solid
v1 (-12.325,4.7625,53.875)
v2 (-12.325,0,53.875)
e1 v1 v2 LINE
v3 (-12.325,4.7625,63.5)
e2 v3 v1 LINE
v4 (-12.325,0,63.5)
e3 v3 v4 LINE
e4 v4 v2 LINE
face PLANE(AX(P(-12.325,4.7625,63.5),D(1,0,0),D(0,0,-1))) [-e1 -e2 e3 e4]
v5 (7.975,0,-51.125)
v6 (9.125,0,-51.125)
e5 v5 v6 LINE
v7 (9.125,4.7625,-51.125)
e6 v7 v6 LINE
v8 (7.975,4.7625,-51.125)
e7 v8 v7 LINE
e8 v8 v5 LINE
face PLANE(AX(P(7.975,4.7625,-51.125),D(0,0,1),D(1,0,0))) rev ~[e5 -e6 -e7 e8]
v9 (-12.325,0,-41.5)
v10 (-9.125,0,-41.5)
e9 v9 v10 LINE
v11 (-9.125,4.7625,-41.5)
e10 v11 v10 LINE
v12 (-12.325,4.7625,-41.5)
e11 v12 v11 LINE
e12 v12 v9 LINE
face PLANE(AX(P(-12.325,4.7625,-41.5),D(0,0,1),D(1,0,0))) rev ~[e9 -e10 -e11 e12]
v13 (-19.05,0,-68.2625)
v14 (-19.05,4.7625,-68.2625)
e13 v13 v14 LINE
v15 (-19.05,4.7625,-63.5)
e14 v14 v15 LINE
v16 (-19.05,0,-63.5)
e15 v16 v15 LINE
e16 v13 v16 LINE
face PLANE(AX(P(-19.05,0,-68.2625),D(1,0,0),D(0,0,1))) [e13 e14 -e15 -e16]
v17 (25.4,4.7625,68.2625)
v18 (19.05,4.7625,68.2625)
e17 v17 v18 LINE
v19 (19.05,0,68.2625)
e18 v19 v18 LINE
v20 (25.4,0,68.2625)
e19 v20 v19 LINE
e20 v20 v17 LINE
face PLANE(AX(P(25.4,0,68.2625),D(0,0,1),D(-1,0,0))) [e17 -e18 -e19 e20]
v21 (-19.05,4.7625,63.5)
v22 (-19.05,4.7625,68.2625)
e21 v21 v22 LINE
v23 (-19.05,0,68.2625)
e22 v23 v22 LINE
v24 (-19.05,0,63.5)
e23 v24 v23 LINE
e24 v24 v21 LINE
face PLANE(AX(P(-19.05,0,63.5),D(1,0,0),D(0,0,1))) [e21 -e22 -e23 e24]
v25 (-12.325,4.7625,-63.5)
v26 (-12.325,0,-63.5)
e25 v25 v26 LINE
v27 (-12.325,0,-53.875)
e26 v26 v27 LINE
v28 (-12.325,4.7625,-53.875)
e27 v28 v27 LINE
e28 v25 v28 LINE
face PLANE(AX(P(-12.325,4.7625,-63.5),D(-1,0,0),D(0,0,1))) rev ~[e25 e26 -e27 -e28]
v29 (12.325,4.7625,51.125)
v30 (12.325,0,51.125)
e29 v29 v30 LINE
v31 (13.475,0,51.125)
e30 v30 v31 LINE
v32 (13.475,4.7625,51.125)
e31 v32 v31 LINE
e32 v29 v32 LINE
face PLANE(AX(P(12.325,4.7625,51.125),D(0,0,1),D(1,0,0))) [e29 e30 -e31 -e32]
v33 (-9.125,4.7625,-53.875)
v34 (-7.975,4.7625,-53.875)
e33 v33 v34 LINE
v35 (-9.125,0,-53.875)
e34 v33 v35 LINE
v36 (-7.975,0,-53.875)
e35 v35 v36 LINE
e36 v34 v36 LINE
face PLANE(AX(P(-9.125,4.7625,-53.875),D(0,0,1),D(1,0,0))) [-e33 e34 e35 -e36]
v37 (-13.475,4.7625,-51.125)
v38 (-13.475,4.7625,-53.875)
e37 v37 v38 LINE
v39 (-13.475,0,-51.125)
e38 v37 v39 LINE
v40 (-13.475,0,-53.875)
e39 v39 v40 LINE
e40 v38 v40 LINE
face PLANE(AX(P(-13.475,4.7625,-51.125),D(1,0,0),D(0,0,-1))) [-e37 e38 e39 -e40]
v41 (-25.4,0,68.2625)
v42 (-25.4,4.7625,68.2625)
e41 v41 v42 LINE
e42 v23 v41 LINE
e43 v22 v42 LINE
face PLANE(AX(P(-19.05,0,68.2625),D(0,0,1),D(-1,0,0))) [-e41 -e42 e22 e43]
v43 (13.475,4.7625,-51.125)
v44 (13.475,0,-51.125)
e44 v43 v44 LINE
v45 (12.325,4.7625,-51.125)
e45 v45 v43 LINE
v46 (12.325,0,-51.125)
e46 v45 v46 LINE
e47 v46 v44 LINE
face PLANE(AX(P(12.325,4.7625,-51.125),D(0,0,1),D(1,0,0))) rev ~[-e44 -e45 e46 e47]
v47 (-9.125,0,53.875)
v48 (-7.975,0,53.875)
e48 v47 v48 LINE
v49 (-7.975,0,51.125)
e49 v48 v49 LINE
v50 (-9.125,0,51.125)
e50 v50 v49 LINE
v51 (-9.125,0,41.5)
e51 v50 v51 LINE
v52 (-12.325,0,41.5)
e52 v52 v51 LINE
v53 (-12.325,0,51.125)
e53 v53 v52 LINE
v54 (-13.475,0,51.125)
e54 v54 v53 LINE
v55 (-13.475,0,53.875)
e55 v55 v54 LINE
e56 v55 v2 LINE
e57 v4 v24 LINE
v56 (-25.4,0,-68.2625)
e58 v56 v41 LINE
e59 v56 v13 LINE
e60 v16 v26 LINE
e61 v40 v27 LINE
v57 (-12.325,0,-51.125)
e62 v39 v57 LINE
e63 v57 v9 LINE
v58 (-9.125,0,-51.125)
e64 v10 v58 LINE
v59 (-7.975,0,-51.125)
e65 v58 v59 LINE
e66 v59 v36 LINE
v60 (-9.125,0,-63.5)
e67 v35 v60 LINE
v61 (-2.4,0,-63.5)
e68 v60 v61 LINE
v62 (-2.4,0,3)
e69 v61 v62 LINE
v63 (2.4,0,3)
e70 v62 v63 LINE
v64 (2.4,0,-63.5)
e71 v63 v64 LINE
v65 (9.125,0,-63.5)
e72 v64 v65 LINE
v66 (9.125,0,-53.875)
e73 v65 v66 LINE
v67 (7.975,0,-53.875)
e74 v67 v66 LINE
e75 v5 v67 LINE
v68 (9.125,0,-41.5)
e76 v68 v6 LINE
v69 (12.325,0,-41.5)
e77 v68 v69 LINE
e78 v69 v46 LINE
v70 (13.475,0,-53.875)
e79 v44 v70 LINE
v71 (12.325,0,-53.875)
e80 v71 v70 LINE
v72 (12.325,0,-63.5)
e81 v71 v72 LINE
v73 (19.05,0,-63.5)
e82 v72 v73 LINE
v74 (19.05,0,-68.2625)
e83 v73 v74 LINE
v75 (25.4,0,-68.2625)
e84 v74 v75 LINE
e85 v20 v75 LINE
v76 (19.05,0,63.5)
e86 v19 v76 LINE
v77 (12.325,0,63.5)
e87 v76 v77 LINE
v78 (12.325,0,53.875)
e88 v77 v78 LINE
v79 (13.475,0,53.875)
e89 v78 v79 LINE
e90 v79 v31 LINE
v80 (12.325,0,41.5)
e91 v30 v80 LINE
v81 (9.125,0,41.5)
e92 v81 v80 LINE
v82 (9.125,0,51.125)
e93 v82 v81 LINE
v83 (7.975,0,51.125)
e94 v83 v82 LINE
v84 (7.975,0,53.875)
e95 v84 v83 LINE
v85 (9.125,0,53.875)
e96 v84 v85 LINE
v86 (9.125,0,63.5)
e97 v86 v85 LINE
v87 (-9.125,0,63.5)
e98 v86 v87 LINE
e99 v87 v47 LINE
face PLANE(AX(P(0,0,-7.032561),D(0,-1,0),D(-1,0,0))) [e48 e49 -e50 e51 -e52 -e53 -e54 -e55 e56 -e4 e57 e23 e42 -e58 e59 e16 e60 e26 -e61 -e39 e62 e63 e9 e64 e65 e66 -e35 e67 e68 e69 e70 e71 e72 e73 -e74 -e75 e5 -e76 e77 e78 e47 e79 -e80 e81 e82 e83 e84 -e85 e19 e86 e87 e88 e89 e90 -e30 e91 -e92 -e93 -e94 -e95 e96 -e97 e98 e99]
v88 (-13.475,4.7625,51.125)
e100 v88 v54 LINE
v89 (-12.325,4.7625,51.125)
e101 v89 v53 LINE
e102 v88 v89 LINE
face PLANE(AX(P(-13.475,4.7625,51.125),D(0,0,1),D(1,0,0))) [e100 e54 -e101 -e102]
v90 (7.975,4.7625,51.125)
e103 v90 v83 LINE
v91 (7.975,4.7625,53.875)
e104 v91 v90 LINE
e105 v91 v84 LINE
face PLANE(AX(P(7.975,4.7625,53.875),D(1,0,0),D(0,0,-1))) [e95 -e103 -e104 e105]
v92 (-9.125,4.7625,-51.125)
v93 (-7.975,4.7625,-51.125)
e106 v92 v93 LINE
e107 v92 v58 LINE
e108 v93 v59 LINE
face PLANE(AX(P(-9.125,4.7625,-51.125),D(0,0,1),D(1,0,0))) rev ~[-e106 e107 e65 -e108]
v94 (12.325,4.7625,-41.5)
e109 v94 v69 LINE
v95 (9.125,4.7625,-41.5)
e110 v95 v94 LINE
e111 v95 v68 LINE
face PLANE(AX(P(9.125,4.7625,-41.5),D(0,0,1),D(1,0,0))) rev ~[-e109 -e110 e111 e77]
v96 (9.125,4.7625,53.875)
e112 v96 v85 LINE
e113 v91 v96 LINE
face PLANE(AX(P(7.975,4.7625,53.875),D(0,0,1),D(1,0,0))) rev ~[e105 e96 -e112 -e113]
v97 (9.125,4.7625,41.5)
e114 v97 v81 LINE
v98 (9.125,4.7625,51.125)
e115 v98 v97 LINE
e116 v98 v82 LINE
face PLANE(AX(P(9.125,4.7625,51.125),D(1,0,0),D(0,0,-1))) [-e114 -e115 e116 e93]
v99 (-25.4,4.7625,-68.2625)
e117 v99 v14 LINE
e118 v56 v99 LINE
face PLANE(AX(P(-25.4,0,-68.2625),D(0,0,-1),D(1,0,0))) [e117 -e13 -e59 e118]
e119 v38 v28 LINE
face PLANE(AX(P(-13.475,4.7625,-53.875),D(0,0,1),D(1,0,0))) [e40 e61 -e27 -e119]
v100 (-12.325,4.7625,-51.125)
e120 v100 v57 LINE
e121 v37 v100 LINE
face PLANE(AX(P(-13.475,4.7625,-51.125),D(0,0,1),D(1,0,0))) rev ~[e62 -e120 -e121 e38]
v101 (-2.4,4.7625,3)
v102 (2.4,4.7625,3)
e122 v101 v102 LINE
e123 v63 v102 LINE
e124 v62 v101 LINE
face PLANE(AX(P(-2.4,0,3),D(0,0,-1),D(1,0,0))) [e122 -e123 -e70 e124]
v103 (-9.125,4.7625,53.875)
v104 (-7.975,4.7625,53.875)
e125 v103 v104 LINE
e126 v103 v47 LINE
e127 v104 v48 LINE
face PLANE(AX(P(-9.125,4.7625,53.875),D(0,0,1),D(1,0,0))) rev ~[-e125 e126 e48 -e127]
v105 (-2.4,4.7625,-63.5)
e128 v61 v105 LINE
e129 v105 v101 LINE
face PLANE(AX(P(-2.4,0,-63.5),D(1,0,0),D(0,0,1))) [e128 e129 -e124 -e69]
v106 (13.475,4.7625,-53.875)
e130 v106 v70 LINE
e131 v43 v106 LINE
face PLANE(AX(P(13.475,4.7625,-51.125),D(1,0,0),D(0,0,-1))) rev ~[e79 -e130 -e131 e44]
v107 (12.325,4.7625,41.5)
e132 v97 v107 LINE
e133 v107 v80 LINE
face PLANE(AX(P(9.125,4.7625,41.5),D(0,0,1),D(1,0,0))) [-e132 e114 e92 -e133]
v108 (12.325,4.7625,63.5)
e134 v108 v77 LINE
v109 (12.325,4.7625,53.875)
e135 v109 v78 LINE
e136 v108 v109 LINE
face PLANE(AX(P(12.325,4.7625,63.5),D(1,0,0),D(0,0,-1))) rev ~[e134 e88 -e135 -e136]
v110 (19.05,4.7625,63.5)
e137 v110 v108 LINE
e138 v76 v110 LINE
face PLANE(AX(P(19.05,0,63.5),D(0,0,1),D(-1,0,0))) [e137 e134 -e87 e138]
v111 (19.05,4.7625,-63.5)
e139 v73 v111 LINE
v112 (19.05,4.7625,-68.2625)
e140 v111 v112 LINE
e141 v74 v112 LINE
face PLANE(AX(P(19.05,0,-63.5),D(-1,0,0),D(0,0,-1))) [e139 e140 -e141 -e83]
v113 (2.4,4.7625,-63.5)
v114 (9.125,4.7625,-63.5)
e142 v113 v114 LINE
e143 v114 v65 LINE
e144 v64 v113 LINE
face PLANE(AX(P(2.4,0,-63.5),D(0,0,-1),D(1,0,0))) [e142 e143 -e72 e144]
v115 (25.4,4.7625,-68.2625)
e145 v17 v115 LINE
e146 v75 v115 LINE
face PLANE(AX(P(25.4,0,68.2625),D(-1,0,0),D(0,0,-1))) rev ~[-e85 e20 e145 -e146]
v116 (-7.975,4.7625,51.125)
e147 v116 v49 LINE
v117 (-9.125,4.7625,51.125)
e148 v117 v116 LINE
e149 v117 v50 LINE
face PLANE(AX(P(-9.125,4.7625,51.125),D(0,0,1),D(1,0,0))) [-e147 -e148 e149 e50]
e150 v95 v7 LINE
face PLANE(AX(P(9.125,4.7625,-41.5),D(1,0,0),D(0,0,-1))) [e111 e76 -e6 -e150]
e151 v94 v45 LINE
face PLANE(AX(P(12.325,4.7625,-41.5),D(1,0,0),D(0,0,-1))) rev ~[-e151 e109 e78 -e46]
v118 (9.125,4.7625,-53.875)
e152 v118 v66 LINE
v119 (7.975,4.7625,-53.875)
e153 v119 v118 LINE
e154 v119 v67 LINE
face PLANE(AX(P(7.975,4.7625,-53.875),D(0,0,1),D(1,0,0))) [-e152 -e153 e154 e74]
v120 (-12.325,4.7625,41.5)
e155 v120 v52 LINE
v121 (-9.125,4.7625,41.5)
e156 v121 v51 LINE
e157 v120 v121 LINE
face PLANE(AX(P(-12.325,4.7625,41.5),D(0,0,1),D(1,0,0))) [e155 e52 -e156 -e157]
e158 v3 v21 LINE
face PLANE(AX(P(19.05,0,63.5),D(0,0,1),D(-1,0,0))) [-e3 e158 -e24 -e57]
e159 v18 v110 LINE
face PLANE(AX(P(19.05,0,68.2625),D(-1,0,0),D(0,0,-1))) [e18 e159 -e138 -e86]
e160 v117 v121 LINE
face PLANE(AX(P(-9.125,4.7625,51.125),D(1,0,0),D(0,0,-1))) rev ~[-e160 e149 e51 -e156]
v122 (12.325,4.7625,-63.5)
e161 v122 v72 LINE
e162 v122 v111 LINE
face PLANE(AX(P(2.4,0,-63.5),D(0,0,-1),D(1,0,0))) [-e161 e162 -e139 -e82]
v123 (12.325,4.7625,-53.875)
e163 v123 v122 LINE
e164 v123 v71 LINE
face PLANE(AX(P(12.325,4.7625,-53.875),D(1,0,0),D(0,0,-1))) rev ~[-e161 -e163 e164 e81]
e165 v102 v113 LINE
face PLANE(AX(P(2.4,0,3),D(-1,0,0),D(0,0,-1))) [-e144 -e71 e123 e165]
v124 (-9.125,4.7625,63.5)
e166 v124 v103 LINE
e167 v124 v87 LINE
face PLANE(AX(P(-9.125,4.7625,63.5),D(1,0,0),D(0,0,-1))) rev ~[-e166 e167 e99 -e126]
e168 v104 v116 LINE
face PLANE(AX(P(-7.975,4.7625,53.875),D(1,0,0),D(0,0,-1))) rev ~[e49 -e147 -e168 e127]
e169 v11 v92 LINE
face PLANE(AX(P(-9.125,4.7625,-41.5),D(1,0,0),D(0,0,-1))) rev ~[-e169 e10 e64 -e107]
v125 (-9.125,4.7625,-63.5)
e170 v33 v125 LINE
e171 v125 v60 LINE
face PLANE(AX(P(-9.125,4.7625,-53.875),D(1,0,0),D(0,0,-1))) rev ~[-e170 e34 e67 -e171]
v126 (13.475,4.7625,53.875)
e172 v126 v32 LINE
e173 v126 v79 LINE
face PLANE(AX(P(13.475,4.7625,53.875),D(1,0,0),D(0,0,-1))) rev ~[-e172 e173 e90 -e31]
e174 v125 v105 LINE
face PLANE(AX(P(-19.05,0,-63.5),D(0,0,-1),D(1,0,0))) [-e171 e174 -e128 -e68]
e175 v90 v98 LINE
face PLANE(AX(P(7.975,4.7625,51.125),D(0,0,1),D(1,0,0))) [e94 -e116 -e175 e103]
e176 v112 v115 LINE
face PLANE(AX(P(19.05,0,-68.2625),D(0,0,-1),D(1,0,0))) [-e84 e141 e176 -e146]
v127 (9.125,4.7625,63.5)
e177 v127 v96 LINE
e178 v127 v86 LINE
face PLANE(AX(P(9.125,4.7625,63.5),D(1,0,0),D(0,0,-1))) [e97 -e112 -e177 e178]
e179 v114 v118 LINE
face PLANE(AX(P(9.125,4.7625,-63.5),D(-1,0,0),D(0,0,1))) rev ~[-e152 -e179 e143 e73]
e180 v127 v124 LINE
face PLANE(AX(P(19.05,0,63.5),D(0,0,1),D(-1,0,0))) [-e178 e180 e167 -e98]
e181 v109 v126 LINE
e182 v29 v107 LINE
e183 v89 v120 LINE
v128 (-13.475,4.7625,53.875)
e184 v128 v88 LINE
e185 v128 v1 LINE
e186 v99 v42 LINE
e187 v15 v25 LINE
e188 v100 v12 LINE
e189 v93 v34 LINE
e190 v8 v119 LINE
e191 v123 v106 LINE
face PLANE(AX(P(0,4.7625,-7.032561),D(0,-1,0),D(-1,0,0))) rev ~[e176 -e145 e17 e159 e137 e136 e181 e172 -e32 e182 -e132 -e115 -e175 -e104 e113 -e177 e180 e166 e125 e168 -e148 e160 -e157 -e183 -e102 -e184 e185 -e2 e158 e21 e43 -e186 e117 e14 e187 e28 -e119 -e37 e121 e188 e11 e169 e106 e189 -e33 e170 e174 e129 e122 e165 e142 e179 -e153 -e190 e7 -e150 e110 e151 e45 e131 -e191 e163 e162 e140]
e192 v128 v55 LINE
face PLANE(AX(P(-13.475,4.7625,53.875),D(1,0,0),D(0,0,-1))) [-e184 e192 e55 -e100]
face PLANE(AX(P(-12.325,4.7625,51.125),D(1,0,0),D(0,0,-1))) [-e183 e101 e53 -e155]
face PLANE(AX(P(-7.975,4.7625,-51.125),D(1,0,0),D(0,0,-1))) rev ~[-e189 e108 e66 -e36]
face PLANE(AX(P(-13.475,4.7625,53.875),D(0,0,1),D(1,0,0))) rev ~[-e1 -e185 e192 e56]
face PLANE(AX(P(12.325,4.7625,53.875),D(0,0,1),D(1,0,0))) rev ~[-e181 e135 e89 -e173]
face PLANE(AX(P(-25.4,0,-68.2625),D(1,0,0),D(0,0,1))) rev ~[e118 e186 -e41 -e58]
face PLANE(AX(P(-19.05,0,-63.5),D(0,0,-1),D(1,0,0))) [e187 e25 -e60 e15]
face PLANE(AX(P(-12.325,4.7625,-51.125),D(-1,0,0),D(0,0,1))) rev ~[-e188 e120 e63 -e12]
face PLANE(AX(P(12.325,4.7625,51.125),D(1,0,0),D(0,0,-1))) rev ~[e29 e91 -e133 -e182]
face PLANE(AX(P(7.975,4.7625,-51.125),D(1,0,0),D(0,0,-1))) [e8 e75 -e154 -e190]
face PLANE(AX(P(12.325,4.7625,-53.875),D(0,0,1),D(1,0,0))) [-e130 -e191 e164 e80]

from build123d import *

# Parameters (mm, degrees)
BOSS_EXTRUDE1_DEPTH = 4.7625
SKETCH2_W           = 3.2
SKETCH2_H           = 9.625
SKETCH2_H_2         = 2.75
SKETCH2_W_2         = 1.15
CUT_EXTRUDE1_DEPTH  = 4.7625


with BuildPart() as part:
    # Sketch1 → Boss-Extrude1 (new body)
    with BuildSketch(Plane(origin=(0, 0, 0), x_dir=(1, 0, 0), z_dir=(0, 1, 0))):
        Polygon((-25.4, -63.5), (-25.4, 63.5), (-25.4, 68.2625), (-19.05, 68.2625), (-19.05, 63.5), (-2.4, 63.5), (-2.4, -3), (2.4, -3), (2.4, 63.5), (19.05, 63.5), (19.05, 68.2625), (25.4, 68.2625), (25.4, 63.5), (25.4, -63.5), (25.4, -68.2625), (19.05, -68.2625), (19.05, -63.5), (-19.05, -63.5), (-19.05, -68.2625), (-25.4, -68.2625), align=None)
    extrude(amount=BOSS_EXTRUDE1_DEPTH)

    # Sketch2 → Cut-Extrude1 (cut)
    with BuildSketch(Plane(origin=(0, 4.7625, 0), x_dir=(1, 0, 0), z_dir=(0, 1, 0))):
        with Locations((-10.725, 58.6875)):
            Rectangle(SKETCH2_W, SKETCH2_H)
        with Locations((-10.725, 52.5)):
            Rectangle(SKETCH2_W, SKETCH2_H_2)
        with Locations((-8.55, 52.5)):
            Rectangle(SKETCH2_W_2, SKETCH2_H_2)
        with Locations((-10.725, 46.3125)):
            Rectangle(SKETCH2_W, SKETCH2_H)
        with Locations((-12.9, 52.5)):
            Rectangle(SKETCH2_W_2, SKETCH2_H_2)
        with Locations((10.725, 58.6875)):
            Rectangle(SKETCH2_W, SKETCH2_H)
        with Locations((10.725, 52.5)):
            Rectangle(SKETCH2_W, SKETCH2_H_2)
        with Locations((8.55, 52.5)):
            Rectangle(SKETCH2_W_2, SKETCH2_H_2)
        with Locations((12.9, 52.5)):
            Rectangle(SKETCH2_W_2, SKETCH2_H_2)
        with Locations((10.725, 46.3125)):
            Rectangle(SKETCH2_W, SKETCH2_H)
        with Locations((-10.725, -46.3125)):
            Rectangle(SKETCH2_W, SKETCH2_H)
        with Locations((-10.725, -58.6875)):
            Rectangle(SKETCH2_W, SKETCH2_H)
        with Locations((-12.9, -52.5)):
            Rectangle(SKETCH2_W_2, SKETCH2_H_2)
        with Locations((-10.725, -52.5)):
            Rectangle(SKETCH2_W, SKETCH2_H_2)
        with Locations((-8.55, -52.5)):
            Rectangle(SKETCH2_W_2, SKETCH2_H_2)
        with Locations((10.725, -46.3125)):
            Rectangle(SKETCH2_W, SKETCH2_H)
        with Locations((8.55, -52.5)):
            Rectangle(SKETCH2_W_2, SKETCH2_H_2)
        with Locations((10.725, -52.5)):
            Rectangle(SKETCH2_W, SKETCH2_H_2)
        with Locations((12.9, -52.5)):
            Rectangle(SKETCH2_W_2, SKETCH2_H_2)
        with Locations((10.725, -58.6875)):
            Rectangle(SKETCH2_W, SKETCH2_H)
    extrude(amount=-CUT_EXTRUDE1_DEPTH, mode=Mode.SUBTRACT)


solid = part.part
